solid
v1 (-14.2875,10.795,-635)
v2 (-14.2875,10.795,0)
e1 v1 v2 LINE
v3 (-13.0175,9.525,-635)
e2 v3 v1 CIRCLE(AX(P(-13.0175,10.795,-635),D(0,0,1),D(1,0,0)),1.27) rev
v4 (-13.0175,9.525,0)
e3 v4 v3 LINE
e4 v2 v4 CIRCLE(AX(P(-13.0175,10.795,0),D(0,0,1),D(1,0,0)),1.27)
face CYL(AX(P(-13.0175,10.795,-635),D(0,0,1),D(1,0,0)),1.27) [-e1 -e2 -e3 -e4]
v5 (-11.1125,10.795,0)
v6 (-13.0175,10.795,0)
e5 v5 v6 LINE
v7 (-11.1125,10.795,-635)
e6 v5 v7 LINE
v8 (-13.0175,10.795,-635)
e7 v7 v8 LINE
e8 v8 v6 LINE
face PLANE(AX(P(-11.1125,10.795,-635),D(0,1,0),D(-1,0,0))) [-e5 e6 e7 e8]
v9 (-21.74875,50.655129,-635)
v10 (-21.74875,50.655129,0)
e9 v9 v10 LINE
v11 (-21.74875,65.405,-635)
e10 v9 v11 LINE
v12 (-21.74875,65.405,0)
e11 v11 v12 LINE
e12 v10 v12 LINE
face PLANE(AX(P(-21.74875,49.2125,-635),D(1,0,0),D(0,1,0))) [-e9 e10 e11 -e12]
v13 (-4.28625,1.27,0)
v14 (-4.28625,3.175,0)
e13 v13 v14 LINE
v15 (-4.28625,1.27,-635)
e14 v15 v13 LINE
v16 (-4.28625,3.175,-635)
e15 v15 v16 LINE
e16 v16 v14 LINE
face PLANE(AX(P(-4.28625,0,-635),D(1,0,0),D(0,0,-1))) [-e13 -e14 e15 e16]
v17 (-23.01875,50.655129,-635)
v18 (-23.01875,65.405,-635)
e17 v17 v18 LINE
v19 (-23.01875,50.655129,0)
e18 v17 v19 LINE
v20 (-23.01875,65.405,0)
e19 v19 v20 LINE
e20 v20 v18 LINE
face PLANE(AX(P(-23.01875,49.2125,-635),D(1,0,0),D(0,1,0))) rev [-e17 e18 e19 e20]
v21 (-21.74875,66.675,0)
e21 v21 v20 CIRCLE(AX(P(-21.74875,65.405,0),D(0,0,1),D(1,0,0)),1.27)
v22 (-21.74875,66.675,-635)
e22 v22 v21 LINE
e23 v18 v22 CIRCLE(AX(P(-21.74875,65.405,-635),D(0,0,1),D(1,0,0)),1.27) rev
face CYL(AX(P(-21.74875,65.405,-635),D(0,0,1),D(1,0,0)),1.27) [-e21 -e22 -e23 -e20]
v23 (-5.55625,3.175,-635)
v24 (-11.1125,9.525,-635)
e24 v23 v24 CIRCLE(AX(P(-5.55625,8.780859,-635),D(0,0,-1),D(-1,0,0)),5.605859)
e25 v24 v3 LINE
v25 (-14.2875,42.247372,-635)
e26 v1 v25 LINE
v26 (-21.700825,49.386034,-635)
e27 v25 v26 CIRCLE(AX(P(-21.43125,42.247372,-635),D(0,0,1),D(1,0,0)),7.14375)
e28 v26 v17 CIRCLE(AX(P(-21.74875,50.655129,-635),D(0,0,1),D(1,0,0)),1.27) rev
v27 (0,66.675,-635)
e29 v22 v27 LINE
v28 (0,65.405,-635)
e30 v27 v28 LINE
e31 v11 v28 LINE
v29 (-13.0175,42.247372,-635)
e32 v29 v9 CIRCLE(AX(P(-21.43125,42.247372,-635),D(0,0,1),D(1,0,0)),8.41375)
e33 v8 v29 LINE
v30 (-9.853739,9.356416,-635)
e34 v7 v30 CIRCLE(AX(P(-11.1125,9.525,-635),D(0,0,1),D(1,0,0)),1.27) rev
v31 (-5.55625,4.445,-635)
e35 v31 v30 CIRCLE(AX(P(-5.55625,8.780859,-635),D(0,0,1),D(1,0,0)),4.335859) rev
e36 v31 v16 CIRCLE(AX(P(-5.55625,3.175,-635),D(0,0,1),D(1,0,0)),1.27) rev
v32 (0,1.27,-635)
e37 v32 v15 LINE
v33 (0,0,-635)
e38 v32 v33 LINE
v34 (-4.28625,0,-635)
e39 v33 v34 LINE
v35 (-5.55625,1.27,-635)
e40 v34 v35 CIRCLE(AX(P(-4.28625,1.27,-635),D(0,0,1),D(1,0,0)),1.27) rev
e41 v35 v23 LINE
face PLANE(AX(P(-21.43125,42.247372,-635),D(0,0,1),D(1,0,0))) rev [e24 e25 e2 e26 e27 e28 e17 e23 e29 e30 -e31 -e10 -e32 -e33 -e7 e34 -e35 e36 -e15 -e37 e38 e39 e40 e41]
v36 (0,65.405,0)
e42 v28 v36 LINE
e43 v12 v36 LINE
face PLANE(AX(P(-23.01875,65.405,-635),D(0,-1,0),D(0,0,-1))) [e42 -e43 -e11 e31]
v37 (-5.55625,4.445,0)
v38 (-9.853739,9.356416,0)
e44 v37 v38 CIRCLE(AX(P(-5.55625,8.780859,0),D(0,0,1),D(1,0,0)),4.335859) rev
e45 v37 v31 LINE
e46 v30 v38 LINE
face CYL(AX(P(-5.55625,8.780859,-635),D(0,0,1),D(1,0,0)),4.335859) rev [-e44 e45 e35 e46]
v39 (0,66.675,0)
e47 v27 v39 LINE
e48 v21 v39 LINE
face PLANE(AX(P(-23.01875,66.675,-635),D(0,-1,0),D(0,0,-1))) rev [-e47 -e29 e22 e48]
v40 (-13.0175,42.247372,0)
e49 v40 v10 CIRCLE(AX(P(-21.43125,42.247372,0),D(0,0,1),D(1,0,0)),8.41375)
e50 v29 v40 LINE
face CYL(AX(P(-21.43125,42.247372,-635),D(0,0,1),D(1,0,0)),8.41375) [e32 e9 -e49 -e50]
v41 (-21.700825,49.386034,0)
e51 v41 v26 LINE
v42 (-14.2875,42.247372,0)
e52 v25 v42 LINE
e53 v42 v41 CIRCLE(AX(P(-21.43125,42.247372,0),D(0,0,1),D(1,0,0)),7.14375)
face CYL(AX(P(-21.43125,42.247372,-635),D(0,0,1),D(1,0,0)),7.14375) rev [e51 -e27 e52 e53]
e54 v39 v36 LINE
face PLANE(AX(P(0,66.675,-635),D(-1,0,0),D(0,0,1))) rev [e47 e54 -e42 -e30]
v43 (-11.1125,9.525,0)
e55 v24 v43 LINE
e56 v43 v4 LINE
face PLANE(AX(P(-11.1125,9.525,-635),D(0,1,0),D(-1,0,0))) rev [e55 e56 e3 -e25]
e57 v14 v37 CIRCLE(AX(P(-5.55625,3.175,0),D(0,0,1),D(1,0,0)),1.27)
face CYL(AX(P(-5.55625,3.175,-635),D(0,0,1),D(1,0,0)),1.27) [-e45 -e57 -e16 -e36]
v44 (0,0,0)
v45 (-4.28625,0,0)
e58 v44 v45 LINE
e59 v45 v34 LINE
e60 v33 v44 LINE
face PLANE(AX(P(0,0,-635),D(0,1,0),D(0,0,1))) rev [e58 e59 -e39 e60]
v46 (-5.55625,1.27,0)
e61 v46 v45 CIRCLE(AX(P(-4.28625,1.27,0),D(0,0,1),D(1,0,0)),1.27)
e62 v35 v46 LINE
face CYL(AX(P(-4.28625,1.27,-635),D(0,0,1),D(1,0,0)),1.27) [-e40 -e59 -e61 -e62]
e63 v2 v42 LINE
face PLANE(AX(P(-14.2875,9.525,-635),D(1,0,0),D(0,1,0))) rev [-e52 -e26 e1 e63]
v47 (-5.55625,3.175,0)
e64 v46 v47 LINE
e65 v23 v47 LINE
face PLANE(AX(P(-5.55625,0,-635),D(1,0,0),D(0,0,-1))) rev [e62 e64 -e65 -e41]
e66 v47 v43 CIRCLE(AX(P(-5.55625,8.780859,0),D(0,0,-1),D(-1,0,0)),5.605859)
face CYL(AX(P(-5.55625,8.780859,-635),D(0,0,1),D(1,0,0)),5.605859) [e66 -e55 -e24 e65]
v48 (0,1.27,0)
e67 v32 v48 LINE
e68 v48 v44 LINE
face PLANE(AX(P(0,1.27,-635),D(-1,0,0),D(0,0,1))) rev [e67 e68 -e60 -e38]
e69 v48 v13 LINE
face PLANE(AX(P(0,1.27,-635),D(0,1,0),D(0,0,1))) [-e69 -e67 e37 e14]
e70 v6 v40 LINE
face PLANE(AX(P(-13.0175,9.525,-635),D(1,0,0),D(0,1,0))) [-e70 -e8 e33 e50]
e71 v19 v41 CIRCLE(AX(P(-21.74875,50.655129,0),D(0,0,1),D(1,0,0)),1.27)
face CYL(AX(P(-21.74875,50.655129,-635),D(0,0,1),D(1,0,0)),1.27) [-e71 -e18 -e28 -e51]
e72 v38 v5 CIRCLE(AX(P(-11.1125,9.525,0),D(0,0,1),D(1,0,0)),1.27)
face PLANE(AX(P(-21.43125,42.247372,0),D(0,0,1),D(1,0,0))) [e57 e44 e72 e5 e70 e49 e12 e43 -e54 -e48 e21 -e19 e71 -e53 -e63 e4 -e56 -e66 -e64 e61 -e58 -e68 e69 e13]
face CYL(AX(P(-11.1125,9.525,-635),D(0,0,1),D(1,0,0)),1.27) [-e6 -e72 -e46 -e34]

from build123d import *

# Parameters (mm, degrees)
EXTRUDE_THIN1_DEPTH = 635
FILLET1_R           = 1.27


with BuildPart() as part:
    # Sketch1 → Extrude-Thin1 (new body)
    with BuildSketch(Plane.XY):
        with BuildLine():
            Line((0, 0), (-5.55625, 0))
            Line((-5.55625, 0), (-5.55625, 3.175))
            ThreePointArc((-5.55625, 3.175), (-9.775089119, 5.089375145), (-11.1125, 9.525))
            Line((-11.1125, 9.525), (-14.2875, 9.525))
            Line((-14.2875, 9.525), (-14.2875, 42.247372018))
            ThreePointArc((-14.2875, 42.247372018), (-16.976339174, 47.831898282), (-23.01875, 49.2125))
            Line((-23.01875, 49.2125), (-23.01875, 66.675))
            Line((-23.01875, 66.675), (0, 66.675))
            Line((0, 66.675), (0, 65.405))
            Line((0, 65.405), (-21.74875, 65.405))
            Line((-21.74875, 65.405), (-21.74875, 50.655129317))
            ThreePointArc((-21.74875, 50.655129317), (-15.595162979, 48.308005429), (-13.0175, 42.247372018))
            Line((-13.0175, 42.247372018), (-13.0175, 10.795))
            Line((-13.0175, 10.795), (-9.395900253, 10.795))
            ThreePointArc((-9.395900253, 10.795), (-8.89341428, 6.012644953), (-4.28625, 4.635165643))
            Line((-4.28625, 4.635165643), (-4.28625, 1.27))
            Line((-4.28625, 1.27), (0, 1.27))
            Line((0, 1.27), (0, 0))
        make_face()
    extrude(amount=-EXTRUDE_THIN1_DEPTH)

    # Fillet1
    fillet1_edges = [part.edges().sort_by_distance(p)[0] for p in [
        (-9.395900253, 10.795, -317.5),
        (-4.28625, 4.635165643, -317.5),
        (-5.55625, 0, -317.5),
        (-14.2875, 9.525, -317.5),
        (-23.01875, 49.2125, -317.5),
        (-23.01875, 66.675, -317.5),
    ]]
    fillet(fillet1_edges, radius=FILLET1_R)


solid = part.part
